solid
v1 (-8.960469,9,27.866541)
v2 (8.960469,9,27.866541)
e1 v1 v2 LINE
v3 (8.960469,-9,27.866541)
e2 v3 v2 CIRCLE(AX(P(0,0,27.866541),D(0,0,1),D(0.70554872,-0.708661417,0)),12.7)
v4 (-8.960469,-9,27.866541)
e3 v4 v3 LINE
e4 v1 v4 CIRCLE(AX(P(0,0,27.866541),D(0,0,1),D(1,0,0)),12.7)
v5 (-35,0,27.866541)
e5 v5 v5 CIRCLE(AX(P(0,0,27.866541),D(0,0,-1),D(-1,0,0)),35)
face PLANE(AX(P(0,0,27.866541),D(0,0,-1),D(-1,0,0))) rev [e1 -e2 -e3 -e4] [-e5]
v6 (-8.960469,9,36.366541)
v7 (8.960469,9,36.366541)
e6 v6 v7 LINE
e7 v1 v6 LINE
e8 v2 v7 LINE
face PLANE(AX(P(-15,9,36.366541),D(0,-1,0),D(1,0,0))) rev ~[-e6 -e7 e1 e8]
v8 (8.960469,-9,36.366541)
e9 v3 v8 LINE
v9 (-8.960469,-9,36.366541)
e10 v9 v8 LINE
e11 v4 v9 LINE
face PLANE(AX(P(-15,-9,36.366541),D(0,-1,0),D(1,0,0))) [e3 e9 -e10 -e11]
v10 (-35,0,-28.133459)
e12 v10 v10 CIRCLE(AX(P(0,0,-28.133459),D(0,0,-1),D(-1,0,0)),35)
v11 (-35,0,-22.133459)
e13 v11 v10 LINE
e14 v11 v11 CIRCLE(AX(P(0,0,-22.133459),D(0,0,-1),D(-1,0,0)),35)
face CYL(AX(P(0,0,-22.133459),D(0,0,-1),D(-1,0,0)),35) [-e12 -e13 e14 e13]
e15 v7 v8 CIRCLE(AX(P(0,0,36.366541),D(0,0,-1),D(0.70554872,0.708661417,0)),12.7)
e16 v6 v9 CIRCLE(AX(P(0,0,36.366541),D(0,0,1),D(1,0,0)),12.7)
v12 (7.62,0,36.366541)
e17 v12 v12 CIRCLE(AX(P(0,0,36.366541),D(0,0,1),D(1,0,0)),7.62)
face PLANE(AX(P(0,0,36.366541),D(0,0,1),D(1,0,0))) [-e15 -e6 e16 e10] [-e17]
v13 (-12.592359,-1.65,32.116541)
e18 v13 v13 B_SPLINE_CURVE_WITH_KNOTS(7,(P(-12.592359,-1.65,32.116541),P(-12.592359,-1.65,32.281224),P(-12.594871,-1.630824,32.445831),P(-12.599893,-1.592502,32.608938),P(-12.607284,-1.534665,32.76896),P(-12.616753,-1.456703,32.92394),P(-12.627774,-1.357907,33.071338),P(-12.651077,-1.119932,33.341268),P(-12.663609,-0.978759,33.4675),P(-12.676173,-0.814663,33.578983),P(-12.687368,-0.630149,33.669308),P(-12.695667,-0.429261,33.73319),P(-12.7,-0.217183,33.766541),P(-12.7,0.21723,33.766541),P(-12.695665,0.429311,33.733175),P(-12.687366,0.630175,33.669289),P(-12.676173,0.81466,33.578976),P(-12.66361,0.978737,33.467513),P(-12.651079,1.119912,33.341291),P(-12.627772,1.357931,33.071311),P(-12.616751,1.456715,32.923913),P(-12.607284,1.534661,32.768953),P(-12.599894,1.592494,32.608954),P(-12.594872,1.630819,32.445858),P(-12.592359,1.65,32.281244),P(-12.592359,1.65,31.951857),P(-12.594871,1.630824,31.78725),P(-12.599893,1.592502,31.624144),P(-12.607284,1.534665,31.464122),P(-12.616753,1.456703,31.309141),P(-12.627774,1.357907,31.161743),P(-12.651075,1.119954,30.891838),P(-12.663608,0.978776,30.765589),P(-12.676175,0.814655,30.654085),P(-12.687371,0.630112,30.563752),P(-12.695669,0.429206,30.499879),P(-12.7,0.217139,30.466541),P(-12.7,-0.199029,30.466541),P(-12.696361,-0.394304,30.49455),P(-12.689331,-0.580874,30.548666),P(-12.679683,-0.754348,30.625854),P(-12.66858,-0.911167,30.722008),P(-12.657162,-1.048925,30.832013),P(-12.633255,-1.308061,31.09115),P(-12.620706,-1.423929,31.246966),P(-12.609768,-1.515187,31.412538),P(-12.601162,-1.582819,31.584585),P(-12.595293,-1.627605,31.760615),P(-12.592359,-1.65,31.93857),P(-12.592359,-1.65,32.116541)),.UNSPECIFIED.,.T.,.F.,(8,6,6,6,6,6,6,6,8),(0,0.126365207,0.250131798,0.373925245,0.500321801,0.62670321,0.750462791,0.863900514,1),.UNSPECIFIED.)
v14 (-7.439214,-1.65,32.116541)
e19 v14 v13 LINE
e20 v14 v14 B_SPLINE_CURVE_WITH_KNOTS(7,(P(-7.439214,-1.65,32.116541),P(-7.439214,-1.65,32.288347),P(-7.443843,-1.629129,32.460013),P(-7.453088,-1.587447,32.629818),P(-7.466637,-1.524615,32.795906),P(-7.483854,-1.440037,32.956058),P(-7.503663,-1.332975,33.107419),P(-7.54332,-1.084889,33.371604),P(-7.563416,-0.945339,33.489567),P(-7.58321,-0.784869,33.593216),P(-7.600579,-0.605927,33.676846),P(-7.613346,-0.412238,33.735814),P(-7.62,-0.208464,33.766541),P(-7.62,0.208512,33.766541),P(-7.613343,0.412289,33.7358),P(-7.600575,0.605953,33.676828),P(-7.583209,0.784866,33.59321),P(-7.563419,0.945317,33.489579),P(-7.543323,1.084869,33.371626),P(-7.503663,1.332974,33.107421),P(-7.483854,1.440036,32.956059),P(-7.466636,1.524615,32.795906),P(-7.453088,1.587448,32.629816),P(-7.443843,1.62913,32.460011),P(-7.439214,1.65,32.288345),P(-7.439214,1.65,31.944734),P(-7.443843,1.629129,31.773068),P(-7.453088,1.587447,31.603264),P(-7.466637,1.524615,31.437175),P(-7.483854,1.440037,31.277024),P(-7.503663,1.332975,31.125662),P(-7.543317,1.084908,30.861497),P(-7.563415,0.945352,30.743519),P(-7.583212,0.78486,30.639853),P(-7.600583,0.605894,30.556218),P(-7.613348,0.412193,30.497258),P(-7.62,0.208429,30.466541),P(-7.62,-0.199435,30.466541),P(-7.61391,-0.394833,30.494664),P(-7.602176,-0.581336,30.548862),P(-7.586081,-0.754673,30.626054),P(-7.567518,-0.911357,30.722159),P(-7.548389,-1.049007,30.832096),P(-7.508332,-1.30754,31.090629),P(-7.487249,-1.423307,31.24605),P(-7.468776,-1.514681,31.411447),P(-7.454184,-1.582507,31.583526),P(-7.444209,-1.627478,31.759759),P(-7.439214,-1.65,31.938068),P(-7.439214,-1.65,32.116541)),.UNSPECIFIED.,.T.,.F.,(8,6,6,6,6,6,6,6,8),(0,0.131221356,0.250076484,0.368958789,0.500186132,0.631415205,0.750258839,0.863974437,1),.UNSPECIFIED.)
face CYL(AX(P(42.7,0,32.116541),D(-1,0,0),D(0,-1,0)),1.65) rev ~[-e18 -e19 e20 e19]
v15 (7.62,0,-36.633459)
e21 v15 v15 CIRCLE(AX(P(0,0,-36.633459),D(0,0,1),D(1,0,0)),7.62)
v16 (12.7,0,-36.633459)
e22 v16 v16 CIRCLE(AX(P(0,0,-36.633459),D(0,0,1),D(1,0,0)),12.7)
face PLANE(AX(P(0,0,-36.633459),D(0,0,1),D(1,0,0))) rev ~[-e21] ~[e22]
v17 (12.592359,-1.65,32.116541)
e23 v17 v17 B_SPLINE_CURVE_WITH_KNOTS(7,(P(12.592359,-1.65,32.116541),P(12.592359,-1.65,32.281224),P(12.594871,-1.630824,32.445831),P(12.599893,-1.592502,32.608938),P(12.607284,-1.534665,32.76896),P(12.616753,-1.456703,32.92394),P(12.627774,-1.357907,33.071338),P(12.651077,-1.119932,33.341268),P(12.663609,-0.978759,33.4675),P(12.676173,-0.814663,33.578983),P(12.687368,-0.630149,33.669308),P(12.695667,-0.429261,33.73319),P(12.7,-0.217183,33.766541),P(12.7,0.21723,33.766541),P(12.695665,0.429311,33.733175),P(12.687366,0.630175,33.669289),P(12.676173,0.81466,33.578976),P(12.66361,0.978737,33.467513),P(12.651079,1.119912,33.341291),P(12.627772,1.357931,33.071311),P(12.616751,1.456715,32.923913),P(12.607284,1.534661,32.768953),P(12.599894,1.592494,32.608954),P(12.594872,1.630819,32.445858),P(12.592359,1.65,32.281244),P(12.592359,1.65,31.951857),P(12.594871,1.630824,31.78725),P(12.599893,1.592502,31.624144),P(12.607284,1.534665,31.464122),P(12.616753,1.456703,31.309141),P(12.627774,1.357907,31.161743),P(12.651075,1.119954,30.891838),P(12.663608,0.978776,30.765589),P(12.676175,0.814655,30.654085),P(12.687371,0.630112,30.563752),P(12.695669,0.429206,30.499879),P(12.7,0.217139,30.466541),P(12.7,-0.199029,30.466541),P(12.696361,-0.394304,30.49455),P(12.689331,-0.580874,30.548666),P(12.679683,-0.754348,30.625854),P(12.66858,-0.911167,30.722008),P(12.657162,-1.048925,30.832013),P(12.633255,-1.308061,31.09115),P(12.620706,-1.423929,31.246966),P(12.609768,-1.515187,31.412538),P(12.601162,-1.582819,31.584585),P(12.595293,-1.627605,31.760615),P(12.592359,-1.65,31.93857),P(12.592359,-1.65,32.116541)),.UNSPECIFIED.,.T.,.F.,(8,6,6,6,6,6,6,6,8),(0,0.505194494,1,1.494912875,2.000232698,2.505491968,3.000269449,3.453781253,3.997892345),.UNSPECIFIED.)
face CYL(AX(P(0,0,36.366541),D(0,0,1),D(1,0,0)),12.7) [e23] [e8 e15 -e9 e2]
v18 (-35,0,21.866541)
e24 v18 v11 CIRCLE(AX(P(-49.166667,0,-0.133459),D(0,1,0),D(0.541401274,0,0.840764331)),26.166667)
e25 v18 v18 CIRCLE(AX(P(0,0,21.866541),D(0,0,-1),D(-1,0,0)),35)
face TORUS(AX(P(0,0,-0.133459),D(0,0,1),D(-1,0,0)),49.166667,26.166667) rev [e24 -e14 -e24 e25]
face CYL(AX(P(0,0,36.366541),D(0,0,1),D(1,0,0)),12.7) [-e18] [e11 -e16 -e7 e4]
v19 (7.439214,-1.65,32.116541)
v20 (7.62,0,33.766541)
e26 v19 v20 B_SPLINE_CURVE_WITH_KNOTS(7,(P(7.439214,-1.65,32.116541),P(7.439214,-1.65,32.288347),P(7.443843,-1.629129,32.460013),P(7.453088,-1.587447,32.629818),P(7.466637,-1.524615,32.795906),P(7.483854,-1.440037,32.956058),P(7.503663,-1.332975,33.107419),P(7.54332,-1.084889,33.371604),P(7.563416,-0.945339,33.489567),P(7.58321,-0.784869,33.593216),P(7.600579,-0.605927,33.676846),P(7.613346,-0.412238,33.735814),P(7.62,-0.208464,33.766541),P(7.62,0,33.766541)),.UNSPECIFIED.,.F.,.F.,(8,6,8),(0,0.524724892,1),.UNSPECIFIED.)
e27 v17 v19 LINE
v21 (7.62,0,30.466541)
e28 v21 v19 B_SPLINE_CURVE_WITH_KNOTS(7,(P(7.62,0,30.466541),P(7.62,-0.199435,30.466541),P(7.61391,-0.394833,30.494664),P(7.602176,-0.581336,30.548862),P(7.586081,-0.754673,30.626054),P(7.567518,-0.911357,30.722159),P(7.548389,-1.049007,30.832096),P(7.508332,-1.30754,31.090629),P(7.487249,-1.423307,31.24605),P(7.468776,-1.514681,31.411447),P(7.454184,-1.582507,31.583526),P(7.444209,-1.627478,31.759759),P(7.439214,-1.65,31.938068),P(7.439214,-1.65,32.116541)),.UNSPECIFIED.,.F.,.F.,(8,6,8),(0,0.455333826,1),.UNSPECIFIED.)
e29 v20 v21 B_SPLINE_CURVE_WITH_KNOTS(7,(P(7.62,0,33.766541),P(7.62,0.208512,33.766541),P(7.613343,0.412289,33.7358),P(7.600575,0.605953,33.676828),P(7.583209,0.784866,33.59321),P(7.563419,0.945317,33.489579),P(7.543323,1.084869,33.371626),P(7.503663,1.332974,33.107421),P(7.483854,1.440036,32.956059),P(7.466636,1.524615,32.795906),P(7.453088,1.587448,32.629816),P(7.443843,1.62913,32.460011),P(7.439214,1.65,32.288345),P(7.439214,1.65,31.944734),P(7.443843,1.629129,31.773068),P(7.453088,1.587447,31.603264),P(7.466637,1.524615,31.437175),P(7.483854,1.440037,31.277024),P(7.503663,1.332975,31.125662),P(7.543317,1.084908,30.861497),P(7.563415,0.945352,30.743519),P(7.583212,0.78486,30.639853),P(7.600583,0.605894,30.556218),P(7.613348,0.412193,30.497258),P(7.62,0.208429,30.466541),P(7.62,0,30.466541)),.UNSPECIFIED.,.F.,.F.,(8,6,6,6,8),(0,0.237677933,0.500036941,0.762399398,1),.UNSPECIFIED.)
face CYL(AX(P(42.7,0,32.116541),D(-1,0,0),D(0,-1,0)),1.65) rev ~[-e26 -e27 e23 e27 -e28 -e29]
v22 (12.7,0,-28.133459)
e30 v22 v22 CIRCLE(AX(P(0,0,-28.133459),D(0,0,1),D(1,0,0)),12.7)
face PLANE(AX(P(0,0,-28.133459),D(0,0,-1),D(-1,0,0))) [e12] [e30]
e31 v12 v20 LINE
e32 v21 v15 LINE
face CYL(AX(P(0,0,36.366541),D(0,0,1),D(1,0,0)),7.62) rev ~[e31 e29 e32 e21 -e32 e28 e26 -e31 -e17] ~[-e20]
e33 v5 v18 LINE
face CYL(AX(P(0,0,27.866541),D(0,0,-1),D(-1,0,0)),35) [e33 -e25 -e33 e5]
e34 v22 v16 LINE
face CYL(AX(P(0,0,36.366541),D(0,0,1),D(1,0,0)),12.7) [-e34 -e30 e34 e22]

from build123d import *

# Parameters (mm, degrees)
F3_R      = 12.7
F4_DEPTH  = 64.501
F5_DEPTH  = 73
F6_R      = 7.62
F7_DEPTH  = 73.001
F8_W      = 30
F8_H      = 4.40173278
F9_DEPTH  = 8.5
F12_D     = 3.3
F12_DEPTH = 30
F12_TIP   = 0.9914200214


with BuildPart() as f1:
    # F0 (on Front) → F1 (revolve)
    with BuildSketch(Plane.XZ):
        with BuildLine():
            Line((0, -28.1334591306), (0, 27.8665408694))
            Line((0, 27.8665408694), (-35, 27.8665408694))
            Line((-35, 27.8665408694), (-35, 21.8665408694))
            ThreePointArc((-35, 21.8665408694), (-23, -0.1334591306), (-35, -22.1334591306))
            Line((-35, -22.1334591306), (-35, -28.1334591306))
            Line((-35, -28.1334591306), (0, -28.1334591306))
        make_face()
    revolve(axis=Axis((0, 0, -0.1334591306), (0, 0, -1)))

    # F3 (on offset) → F4 (cut, through all)
    with BuildSketch(Plane.XY.offset(36.3665408694)):
        Circle(F3_R)
    extrude(amount=-F4_DEPTH, mode=Mode.SUBTRACT)

    # F3 (on offset) → F5 (join)
    with BuildSketch(Plane.XY.offset(36.3665408694)):
        Circle(F3_R)
    extrude(amount=-F5_DEPTH)

    # F6 (on face) → F7 (cut, through all)
    with BuildSketch(Plane.XY.offset(36.3665408694)):
        Circle(F6_R)
    extrude(amount=-F7_DEPTH, mode=Mode.SUBTRACT)

    # F8 (on face) → F9 (cut)
    with BuildSketch(Plane.XY.offset(36.3665408694)):
        with Locations((0, -11.20086639)):
            Rectangle(F8_W, F8_H)
        Polygon((-15, 9), (15, 9), (15.7737210393, 16.7225152254), (-15, 16.7225152254), align=None)
    extrude(amount=-F9_DEPTH, mode=Mode.SUBTRACT)

    # F12
    with Locations(Plane.YZ.offset(12.7)):
        with Locations((0, 32.1165408694)):
            Hole(F12_D / 2, depth=F12_DEPTH)
            with Locations((0, 0, -(F12_DEPTH + F12_TIP / 2))):  # 118° drill point
                Cone(0, F12_D / 2, F12_TIP, mode=Mode.SUBTRACT)


solid = f1.part
